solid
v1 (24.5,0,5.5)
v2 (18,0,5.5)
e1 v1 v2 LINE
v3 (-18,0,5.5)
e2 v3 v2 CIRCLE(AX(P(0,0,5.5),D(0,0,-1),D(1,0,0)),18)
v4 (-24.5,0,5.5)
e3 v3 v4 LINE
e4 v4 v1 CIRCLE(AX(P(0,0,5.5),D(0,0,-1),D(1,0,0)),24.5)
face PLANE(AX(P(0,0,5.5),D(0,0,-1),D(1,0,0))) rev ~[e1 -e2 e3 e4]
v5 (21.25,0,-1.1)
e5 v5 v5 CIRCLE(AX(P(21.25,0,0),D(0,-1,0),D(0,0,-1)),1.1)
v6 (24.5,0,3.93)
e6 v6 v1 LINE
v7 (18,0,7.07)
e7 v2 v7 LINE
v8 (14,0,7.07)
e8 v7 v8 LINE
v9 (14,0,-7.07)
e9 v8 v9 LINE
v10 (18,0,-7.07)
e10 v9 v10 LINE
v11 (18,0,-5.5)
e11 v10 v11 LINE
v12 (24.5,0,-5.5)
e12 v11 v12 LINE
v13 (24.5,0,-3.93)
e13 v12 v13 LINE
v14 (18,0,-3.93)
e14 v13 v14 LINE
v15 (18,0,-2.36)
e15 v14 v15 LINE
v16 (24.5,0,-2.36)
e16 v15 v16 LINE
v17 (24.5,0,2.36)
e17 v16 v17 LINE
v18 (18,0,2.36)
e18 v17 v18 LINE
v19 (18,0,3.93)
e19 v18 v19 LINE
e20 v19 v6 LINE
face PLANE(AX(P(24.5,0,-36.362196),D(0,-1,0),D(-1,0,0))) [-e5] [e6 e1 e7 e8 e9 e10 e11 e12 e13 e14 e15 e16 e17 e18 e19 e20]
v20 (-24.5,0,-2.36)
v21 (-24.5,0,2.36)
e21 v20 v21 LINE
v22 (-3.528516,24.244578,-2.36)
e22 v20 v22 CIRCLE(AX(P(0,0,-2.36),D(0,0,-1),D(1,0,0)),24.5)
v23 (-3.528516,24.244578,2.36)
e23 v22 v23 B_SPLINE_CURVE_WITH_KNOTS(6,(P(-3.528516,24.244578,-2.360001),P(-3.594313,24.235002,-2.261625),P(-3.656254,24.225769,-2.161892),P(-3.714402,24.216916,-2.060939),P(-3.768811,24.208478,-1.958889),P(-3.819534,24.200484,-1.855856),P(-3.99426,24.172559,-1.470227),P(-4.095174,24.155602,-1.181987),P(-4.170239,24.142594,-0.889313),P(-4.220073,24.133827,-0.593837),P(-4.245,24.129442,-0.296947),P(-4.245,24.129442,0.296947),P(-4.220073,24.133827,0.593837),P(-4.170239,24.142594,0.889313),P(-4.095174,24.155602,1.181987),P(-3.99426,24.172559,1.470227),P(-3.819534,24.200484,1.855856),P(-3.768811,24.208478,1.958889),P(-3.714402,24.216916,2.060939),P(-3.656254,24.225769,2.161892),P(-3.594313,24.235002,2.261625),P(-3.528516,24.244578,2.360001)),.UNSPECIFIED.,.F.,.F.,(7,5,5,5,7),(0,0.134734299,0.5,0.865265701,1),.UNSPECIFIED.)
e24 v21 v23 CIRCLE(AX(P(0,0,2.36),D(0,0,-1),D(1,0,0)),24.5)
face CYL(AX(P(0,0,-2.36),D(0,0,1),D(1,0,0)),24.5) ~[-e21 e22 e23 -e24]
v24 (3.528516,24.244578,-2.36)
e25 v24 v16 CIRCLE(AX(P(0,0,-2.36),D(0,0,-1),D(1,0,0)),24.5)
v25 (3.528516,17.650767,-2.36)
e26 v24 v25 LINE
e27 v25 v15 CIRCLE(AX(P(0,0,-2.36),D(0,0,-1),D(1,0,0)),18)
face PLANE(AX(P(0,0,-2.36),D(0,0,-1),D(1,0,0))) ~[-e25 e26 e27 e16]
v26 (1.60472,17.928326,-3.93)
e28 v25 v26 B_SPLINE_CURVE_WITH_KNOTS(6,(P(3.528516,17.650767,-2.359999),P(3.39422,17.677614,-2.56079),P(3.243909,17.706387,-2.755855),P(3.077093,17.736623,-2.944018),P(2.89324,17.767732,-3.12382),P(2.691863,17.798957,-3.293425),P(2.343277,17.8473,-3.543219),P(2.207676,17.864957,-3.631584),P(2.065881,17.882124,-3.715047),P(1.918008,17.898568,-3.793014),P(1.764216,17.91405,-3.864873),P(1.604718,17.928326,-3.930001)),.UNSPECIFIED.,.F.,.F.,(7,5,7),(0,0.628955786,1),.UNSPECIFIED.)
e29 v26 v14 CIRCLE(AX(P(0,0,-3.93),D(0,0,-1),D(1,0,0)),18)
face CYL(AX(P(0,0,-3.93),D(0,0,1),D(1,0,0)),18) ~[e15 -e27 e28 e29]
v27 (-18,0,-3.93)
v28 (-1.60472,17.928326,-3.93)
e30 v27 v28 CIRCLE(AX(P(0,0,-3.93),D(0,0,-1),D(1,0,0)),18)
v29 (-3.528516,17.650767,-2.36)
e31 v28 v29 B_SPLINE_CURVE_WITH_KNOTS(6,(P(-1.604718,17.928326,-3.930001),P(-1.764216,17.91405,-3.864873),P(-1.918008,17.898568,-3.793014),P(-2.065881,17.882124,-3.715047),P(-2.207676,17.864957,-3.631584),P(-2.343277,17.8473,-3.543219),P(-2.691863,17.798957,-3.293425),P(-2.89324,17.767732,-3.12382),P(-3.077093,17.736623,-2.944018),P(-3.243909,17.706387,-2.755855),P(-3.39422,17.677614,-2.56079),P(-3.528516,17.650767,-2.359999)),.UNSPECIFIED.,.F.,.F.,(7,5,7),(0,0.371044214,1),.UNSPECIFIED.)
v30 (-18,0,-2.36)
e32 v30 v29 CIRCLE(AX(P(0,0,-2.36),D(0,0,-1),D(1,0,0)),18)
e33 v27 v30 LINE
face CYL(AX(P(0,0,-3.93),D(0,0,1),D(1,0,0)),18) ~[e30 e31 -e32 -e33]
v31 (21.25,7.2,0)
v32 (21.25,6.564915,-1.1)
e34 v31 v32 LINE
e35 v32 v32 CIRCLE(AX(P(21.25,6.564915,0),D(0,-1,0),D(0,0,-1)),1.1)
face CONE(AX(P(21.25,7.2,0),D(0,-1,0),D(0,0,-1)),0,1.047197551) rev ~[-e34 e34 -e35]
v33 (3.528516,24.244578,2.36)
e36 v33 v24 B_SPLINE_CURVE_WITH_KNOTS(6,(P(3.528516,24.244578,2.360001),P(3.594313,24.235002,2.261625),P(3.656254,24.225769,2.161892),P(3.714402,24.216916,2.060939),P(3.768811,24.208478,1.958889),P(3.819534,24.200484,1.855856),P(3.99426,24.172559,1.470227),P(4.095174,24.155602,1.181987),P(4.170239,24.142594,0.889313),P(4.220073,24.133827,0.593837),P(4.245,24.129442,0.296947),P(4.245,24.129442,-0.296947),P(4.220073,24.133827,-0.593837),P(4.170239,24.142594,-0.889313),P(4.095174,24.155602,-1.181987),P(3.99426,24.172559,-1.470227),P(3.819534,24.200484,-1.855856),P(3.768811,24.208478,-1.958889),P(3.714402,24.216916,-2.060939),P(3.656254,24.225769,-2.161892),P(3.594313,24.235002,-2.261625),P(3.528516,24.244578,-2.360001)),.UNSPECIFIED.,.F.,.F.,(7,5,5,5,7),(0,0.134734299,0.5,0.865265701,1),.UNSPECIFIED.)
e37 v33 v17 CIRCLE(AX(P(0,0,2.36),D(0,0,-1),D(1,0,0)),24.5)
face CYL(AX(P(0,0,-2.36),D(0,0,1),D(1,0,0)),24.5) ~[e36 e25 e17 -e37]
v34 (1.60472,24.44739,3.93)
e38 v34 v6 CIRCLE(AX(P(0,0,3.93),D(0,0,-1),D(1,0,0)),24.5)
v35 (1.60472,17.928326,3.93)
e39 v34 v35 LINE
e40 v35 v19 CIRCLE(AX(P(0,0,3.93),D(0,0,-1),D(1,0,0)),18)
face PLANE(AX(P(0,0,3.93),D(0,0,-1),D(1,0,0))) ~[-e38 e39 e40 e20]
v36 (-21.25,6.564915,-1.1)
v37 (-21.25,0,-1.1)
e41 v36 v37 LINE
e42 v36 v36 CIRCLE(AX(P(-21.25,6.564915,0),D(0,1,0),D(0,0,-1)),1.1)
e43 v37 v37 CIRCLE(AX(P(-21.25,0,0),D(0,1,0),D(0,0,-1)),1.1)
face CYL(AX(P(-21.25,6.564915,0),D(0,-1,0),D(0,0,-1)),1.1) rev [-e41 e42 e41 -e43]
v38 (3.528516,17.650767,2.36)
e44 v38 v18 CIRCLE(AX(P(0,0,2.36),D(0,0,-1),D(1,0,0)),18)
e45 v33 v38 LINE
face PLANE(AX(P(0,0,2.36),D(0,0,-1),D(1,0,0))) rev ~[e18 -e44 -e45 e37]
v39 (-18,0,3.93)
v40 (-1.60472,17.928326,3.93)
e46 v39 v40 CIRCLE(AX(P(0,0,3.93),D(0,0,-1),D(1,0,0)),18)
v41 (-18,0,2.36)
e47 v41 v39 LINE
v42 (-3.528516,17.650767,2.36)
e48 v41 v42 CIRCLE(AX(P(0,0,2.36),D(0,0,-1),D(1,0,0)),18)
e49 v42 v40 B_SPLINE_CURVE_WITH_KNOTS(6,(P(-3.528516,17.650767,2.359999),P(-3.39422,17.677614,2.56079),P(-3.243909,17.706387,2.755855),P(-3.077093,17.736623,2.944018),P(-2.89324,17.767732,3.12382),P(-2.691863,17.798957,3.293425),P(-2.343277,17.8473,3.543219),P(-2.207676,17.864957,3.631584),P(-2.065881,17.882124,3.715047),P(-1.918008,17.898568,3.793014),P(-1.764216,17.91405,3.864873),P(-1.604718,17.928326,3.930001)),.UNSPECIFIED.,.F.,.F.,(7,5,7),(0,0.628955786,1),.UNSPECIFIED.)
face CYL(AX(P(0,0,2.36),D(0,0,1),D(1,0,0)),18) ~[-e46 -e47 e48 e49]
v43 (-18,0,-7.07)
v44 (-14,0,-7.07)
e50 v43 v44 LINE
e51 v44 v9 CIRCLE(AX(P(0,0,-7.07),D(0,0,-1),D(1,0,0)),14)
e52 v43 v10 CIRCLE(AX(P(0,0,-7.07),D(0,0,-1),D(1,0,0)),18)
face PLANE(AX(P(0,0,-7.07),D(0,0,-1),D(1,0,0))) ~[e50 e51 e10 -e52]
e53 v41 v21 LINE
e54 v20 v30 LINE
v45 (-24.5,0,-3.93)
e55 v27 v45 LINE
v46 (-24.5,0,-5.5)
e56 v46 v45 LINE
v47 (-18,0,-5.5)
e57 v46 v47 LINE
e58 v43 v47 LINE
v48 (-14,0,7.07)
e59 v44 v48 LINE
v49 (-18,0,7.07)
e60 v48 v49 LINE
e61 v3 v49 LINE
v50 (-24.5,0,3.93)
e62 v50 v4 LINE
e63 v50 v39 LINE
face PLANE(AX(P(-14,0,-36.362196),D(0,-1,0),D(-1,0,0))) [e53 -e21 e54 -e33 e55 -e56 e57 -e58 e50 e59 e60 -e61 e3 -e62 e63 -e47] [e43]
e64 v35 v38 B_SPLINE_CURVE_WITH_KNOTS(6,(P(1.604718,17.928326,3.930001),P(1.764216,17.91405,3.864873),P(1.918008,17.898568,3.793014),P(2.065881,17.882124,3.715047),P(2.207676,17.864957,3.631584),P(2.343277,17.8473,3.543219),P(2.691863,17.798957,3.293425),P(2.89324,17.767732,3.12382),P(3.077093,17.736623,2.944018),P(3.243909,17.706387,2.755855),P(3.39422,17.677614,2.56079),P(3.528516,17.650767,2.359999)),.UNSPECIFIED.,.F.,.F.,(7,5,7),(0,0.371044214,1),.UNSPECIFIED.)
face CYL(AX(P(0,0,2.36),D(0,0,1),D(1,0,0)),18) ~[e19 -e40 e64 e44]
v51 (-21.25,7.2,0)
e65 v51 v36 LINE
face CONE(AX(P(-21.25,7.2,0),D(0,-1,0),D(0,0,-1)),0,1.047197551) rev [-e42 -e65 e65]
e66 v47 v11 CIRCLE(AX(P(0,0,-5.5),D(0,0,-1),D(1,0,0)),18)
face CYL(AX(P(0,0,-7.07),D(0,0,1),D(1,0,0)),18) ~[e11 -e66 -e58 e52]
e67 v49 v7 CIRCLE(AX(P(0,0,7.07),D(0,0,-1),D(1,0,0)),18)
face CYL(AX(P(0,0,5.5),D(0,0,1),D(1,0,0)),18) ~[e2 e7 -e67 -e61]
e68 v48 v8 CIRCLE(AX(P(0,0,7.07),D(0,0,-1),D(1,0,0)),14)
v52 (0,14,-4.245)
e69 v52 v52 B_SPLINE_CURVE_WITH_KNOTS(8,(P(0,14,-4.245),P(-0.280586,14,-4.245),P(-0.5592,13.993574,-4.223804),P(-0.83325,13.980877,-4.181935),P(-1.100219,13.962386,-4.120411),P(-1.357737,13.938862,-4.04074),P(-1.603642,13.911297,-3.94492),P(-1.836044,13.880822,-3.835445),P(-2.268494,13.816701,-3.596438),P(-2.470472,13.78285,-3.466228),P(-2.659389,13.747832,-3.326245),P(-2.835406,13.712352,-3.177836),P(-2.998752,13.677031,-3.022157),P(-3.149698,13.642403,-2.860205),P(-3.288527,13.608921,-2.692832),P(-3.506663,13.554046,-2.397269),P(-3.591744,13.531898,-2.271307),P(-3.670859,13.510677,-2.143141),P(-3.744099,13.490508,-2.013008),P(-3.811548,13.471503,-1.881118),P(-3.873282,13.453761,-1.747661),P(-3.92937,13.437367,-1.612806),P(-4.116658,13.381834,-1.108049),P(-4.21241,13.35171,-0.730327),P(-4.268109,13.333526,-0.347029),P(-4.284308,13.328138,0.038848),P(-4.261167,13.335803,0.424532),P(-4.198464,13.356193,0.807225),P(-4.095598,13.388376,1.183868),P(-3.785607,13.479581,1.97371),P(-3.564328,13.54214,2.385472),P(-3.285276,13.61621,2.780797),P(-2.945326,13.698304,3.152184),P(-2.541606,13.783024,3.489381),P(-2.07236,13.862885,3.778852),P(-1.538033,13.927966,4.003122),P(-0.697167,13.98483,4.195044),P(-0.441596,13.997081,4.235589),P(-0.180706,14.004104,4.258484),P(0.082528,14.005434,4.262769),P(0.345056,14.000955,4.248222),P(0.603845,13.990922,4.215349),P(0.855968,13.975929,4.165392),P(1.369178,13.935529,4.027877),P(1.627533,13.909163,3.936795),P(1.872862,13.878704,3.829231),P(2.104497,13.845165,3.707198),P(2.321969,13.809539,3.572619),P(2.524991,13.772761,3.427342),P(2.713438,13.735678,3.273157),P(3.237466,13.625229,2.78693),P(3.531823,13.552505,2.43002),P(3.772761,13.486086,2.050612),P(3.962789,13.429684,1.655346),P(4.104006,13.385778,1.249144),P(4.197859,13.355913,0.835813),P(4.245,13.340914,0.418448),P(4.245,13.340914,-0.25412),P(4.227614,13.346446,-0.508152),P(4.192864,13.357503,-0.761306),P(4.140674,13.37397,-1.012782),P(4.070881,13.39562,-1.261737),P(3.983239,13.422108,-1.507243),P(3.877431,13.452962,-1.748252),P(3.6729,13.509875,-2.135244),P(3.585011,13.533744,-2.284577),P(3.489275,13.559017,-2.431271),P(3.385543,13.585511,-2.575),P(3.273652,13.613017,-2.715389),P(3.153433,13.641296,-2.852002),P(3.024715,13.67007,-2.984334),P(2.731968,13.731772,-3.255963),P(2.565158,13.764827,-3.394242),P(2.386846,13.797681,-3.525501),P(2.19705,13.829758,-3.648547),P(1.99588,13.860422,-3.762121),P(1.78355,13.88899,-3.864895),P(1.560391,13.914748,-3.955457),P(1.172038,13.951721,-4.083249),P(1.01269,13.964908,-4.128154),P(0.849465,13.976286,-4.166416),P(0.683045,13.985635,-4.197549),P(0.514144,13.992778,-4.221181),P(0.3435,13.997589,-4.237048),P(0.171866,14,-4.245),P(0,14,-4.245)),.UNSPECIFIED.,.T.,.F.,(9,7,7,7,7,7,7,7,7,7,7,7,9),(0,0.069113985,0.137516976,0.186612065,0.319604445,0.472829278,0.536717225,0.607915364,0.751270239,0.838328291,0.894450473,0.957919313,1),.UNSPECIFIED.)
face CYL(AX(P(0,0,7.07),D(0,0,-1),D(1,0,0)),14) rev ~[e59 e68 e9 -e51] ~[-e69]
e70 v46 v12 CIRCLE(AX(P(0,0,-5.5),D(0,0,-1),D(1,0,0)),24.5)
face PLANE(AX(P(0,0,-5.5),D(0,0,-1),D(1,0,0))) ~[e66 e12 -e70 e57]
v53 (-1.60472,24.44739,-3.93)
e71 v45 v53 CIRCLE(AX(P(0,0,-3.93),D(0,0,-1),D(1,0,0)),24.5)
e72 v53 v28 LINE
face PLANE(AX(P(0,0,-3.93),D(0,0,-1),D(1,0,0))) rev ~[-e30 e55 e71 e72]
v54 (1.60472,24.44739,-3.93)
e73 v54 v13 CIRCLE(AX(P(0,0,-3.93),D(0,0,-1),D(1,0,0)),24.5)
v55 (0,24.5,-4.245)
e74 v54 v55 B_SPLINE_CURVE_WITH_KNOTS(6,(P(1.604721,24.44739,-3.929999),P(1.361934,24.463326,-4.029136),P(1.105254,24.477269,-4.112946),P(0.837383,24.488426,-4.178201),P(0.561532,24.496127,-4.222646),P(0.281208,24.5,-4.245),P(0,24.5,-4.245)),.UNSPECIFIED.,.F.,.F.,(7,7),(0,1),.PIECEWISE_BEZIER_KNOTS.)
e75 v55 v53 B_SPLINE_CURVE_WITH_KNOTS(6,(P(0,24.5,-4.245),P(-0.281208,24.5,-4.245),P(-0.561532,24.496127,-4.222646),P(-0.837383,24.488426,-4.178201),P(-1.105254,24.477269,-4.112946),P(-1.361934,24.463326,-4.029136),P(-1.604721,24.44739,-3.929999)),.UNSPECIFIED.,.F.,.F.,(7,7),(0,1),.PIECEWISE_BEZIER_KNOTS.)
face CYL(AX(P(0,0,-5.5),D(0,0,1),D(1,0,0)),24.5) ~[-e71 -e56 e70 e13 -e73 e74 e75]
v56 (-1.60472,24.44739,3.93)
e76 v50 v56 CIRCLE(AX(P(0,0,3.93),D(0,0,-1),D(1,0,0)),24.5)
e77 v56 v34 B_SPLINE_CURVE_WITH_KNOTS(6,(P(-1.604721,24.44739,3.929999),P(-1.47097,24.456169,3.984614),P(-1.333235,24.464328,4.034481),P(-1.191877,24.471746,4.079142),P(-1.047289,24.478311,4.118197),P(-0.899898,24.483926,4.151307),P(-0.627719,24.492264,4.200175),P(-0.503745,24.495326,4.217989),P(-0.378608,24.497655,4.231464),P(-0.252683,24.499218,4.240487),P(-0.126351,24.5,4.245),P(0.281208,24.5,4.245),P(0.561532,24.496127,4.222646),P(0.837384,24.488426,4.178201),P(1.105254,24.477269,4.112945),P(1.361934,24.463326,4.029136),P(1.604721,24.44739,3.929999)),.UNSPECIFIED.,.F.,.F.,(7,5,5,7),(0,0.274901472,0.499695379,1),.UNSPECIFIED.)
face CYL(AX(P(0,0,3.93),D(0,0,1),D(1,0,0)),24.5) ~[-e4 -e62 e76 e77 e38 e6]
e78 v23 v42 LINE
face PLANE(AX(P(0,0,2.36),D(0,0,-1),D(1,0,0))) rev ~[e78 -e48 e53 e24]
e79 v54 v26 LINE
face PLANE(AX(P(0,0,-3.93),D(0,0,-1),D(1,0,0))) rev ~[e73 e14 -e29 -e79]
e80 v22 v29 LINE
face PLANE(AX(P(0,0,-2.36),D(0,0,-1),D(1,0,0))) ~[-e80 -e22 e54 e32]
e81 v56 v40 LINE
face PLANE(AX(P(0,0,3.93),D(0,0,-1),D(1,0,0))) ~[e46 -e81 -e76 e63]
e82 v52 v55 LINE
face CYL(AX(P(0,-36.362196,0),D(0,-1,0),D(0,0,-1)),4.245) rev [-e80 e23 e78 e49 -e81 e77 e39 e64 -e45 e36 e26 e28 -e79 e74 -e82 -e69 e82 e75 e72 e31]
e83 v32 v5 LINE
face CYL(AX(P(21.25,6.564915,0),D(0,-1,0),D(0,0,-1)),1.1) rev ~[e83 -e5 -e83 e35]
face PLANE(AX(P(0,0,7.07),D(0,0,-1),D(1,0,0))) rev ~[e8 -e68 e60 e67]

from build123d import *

# Parameters (mm, degrees)
CUT_EXTRUDE1_DEPTH      = 36.362195916
CUT_EXTRUDE1_DEPTH_BACK = 36.362195916
CUT_EXTRUDE2_DEPTH      = 36.362195916
CUT_EXTRUDE2_DEPTH_BACK = 36.362195916
SKETCH4_R               = 4.245


with BuildPart() as part:
    # Sketch1 → Revolve1 (revolve)
    with BuildSketch(Plane(origin=(0, 0, 0), x_dir=(1, 0, 0), z_dir=(0, 1, 0)), mode=Mode.PRIVATE) as revolve1_sk:
        Polygon((-14, -7.07), (-14, 7.07), (-18, 7.07), (-18, 5.5), (-24.5, 5.5), (-24.5, 3.93), (-18, 3.93), (-18, 2.36), (-24.5, 2.36), (-24.5, -2.36), (-18, -2.36), (-18, -3.93), (-24.5, -3.93), (-24.5, -5.5), (-18, -5.5), (-18, -7.07), align=None)
    revolve(revolve1_sk.sketch.rotate(Axis((0, 0, 0), (0, 0, -1)), 180), axis=Axis((0, 0, 0), (0, 0, -1)))

    # Sketch3 → Cut-Extrude1 (cut, two sides: drawn at the far end of the back side and taken through both)
    with BuildSketch(Plane.XY.offset(-CUT_EXTRUDE1_DEPTH_BACK)):
        with BuildLine():
            Line((-14, 0), (-24.5, 0))
            ThreePointArc((-24.5, 0), (0, -24.5), (24.5, 0))
            Line((24.5, 0), (14, 0))
            ThreePointArc((14, 0), (0, -14), (-14, 0))
        make_face()
    extrude(amount=CUT_EXTRUDE1_DEPTH + CUT_EXTRUDE1_DEPTH_BACK, mode=Mode.SUBTRACT)

    # Sketch4 → Cut-Extrude2 (cut, two sides: drawn at the far end of the back side and taken through both)
    with BuildSketch(Plane(origin=(0, 0, 0), x_dir=(1, 0, 0), z_dir=(0, 1, 0)).offset(-CUT_EXTRUDE2_DEPTH_BACK)):
        with Locations(Location((0, 0, 0), (0, 0, 90))):
            Circle(SKETCH4_R)
    extrude(amount=CUT_EXTRUDE2_DEPTH + CUT_EXTRUDE2_DEPTH_BACK, mode=Mode.SUBTRACT)

    # Sketch6 → Tap Drill for M2x0.4 Tap1 (revolve, cut)
    with BuildSketch(Plane(origin=(-21.25, 0, 0), x_dir=(0, 0, -1), z_dir=(1, 0, 0))):
        Polygon((0, 0), (0, 7.2), (1.1, 6.564914704), (1.1, 0), align=None)
    tap_drill_for_m2x0_4_tap1 = revolve(axis=Axis((-21.25, -6.35, 0), (0, 1, 0)), mode=Mode.SUBTRACT)

    # Mirror1: Tap Drill for M2x0.4 Tap1 across plane
    add(tap_drill_for_m2x0_4_tap1.mirror(Plane(origin=(0, 0, 0), x_dir=(0, 0, 1), z_dir=(1, 0, 0))), mode=Mode.SUBTRACT)


solid = part.part
